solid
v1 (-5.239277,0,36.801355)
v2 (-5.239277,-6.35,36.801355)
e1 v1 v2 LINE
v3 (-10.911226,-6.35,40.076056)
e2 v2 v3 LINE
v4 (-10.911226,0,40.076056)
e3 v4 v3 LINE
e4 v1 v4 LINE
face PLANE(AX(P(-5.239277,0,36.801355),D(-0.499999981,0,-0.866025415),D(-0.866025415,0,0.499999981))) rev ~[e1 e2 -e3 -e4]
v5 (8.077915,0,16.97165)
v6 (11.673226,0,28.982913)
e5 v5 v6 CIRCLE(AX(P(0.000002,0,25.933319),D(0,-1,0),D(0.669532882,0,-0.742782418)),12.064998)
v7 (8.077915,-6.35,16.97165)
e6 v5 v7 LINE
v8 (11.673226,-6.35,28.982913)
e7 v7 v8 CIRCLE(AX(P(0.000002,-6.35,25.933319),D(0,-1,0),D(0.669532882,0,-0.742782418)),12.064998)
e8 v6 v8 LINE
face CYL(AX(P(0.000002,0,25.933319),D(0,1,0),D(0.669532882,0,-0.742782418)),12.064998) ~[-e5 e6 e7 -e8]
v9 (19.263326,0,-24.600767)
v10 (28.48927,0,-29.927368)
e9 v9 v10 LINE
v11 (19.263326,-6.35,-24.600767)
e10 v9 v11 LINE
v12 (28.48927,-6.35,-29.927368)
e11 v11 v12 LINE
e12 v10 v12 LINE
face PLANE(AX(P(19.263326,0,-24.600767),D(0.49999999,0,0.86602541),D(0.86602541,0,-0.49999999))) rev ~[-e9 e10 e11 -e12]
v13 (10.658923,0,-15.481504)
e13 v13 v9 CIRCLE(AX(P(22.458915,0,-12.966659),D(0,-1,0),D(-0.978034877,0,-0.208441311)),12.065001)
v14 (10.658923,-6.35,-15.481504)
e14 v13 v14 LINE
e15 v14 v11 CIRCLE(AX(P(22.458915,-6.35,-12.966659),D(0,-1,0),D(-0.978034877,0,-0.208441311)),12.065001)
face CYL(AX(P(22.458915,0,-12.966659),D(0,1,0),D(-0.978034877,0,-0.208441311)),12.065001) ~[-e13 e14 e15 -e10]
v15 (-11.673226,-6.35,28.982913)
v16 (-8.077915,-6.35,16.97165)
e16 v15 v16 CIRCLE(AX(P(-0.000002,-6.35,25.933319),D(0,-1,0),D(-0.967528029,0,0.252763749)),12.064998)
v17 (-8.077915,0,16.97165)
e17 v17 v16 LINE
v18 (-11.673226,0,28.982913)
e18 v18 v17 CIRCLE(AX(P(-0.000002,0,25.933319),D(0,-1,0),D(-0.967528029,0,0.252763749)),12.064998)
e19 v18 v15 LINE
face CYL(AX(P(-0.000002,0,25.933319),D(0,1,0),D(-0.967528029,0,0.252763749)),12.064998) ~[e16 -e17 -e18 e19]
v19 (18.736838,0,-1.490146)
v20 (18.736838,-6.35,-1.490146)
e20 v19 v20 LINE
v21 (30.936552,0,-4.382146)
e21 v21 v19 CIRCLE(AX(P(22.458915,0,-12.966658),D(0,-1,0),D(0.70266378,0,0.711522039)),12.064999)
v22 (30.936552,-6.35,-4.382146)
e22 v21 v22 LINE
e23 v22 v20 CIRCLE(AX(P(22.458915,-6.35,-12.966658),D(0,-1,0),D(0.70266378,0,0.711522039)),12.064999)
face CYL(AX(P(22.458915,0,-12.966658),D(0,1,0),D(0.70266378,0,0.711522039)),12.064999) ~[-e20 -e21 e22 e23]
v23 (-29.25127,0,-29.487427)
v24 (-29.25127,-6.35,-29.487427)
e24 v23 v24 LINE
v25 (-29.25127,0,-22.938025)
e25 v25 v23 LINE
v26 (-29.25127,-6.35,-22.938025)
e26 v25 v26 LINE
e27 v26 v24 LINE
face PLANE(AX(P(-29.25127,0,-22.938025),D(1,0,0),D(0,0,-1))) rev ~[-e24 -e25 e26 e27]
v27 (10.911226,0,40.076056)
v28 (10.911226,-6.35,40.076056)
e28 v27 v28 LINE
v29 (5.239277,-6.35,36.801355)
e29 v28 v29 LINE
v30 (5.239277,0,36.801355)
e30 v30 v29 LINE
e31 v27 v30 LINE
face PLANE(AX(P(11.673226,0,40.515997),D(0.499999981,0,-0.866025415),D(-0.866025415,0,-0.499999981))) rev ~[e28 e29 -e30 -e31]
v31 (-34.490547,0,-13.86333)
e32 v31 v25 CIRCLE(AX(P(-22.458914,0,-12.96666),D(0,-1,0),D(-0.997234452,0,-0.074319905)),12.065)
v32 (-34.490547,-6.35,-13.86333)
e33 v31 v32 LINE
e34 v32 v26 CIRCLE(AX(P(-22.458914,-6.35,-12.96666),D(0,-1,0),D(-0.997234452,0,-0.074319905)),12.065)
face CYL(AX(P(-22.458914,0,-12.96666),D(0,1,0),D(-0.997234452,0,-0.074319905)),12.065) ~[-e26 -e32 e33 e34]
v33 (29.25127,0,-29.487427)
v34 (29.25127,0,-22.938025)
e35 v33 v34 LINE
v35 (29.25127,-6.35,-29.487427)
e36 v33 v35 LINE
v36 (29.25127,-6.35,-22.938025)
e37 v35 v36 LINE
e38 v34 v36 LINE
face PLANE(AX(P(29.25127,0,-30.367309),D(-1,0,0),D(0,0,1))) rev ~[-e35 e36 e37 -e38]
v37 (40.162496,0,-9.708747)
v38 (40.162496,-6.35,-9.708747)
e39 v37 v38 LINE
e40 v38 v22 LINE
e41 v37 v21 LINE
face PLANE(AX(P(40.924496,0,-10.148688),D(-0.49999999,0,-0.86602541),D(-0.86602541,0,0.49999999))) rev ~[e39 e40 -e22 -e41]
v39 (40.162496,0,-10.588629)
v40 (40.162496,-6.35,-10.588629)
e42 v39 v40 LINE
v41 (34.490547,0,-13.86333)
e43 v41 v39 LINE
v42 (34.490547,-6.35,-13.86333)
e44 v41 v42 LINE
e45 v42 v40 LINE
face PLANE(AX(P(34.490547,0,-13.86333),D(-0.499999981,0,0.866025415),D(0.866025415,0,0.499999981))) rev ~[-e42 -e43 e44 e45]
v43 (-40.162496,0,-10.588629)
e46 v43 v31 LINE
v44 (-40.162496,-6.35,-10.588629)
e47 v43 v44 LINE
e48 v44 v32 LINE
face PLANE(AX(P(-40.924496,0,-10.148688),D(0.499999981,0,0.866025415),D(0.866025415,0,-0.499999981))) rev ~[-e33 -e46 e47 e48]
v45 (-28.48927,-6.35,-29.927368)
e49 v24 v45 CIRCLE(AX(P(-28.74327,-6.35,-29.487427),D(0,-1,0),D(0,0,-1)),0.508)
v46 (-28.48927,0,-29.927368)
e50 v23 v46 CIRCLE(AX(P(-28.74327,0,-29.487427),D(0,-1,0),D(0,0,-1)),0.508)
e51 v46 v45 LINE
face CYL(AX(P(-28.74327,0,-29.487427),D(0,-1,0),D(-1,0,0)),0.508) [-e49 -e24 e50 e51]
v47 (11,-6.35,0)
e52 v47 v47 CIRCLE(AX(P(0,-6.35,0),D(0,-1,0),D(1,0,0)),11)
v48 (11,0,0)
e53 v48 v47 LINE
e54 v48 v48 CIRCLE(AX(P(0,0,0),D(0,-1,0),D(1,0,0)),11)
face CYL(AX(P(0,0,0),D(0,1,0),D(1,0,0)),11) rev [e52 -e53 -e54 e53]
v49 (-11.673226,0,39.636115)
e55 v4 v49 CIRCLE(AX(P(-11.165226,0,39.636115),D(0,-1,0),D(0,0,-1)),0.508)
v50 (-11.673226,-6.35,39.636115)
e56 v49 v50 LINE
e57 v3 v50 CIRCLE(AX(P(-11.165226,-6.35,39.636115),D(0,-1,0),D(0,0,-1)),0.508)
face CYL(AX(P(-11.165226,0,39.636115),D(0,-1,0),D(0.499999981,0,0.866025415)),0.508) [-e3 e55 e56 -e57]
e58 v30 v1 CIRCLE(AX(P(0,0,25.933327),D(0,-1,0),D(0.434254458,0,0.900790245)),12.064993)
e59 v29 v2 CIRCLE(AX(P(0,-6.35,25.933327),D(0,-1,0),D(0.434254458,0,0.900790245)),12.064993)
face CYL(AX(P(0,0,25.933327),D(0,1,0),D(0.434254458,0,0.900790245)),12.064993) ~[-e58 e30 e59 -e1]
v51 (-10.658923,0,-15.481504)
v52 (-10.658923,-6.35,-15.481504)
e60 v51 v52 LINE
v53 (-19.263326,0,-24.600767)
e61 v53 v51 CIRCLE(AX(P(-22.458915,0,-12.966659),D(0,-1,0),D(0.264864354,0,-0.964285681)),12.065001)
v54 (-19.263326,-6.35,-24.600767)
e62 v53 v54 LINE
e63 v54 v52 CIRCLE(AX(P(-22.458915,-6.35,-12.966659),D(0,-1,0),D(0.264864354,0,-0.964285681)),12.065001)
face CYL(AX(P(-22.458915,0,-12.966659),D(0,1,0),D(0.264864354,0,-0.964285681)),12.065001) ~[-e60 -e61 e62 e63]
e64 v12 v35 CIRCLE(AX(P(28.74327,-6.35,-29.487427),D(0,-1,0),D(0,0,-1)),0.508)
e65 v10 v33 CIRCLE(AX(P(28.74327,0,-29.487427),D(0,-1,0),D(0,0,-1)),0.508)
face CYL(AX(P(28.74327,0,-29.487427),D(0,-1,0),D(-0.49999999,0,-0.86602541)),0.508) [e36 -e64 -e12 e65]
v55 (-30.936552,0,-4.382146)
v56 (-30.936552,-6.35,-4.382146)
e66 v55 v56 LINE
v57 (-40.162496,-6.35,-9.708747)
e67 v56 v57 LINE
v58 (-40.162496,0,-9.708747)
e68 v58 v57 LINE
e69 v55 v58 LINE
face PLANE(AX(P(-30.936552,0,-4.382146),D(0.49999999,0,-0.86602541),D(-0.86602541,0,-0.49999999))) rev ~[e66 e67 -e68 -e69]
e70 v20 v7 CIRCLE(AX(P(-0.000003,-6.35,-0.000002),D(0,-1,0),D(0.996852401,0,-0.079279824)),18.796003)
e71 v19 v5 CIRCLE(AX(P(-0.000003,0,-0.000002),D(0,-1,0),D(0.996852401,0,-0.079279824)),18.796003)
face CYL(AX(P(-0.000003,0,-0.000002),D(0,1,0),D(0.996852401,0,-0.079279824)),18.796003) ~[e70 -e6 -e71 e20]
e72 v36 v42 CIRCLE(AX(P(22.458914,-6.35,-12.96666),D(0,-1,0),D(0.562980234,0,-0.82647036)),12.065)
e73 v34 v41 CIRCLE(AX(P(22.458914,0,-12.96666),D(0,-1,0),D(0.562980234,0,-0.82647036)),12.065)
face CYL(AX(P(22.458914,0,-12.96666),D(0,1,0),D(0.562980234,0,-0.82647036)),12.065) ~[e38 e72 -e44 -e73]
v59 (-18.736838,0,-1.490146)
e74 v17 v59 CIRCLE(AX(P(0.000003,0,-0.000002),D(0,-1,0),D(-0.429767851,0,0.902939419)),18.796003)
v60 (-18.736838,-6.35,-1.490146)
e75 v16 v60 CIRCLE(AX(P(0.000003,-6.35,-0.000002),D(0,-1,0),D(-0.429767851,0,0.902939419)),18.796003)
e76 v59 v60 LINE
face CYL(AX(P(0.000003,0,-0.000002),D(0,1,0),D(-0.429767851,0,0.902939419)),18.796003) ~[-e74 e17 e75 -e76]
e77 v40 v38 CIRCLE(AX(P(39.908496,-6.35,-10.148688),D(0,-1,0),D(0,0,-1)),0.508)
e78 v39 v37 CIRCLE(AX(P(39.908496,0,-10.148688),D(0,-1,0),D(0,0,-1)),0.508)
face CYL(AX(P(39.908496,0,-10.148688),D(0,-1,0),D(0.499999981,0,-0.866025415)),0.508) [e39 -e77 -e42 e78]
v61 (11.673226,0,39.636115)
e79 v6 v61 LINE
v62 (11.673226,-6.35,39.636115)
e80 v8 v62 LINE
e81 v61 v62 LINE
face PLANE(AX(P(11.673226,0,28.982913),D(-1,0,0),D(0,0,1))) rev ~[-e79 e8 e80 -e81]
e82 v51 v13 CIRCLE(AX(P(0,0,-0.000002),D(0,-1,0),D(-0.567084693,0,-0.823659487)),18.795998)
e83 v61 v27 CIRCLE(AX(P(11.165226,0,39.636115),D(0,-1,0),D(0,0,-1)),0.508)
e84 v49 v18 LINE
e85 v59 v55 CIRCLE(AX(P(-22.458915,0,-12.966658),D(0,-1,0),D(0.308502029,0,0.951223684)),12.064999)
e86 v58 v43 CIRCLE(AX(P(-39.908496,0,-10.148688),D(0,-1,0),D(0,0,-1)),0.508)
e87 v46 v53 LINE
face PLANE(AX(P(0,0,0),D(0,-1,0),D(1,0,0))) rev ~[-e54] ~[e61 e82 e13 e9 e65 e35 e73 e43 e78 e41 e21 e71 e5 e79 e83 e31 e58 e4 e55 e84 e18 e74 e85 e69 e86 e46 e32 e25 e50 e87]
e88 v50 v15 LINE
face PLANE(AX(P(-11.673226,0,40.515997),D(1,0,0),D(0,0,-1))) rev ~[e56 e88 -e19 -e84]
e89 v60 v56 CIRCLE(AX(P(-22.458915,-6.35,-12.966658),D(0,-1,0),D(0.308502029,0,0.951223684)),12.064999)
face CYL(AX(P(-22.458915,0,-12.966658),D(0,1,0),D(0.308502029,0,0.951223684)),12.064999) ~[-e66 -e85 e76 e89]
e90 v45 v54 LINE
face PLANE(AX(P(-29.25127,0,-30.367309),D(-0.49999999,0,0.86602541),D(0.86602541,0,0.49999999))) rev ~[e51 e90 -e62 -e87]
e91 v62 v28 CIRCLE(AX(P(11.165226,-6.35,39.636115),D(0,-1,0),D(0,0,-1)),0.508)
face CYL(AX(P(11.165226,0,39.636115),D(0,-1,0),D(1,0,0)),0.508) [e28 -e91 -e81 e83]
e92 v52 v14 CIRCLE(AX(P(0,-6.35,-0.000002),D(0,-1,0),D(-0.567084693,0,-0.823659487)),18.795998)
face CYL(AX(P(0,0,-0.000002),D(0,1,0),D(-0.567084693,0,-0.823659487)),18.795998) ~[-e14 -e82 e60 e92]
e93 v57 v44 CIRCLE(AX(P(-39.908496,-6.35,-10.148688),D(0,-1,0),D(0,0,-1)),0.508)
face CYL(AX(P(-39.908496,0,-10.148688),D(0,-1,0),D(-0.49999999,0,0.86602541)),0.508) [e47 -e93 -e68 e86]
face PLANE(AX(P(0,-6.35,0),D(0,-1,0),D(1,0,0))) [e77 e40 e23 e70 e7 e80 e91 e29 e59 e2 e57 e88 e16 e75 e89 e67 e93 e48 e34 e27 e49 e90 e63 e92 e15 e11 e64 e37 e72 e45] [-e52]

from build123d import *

# Parameters (mm, degrees)
F0_R     = 11
F1_DEPTH = 6.35
F2_R     = 0.508


with BuildPart() as f1:
    # F0 (on Front) → F1 (new body)
    with BuildSketch(Plane.XZ):
        with BuildLine():
            ThreePointArc((30.936552, -4.382146), (25.241854, -1.227006), (18.736838, -1.490146))
            ThreePointArc((18.736838, -1.490146), (16.277813, 9.398), (8.077915, 16.97165))
            ThreePointArc((8.077915, 16.97165), (11.558309, 22.47359), (11.673226, 28.982913))
            ThreePointArc((11.673226, 28.982913), (9.316126, 33.599741), (5.239277, 36.801355))
            ThreePointArc((5.239277, 36.801355), (0, 37.99832), (-5.239277, 36.801355))
            ThreePointArc((-5.239277, 36.801355), (-9.316126, 33.599741), (-11.673226, 28.982913))
            ThreePointArc((-11.673226, 28.982913), (-11.558309, 22.47359), (-8.077915, 16.97165))
            ThreePointArc((-8.077915, 16.97165), (-16.277813, 9.398), (-18.736838, -1.490146))
            ThreePointArc((-18.736838, -1.490146), (-25.241854, -1.227006), (-30.936552, -4.382146))
            ThreePointArc((-30.936552, -4.382146), (-33.756293, -8.731869), (-34.490547, -13.86333))
            ThreePointArc((-34.490547, -13.86333), (-32.90751, -18.99916), (-29.25127, -22.938025))
            ThreePointArc((-29.25127, -22.938025), (-24.440167, -24.867872), (-19.263326, -24.600767))
            ThreePointArc((-19.263326, -24.600767), (-13.683546, -21.246584), (-10.658923, -15.481504))
            ThreePointArc((-10.658923, -15.481504), (0, -18.796), (10.658923, -15.481504))
            ThreePointArc((10.658923, -15.481504), (13.683546, -21.246584), (19.263326, -24.600767))
            ThreePointArc((19.263326, -24.600767), (24.440167, -24.867872), (29.25127, -22.938025))
            ThreePointArc((29.25127, -22.938025), (32.90751, -18.99916), (34.490547, -13.86333))
            ThreePointArc((34.490547, -13.86333), (33.756293, -8.731869), (30.936552, -4.382146))
        make_face()
        Circle(F0_R, mode=Mode.SUBTRACT)
        with BuildLine():
            Line((40.924496, -10.148688), (30.936552, -4.382146))
            ThreePointArc((30.936552, -4.382146), (33.756293, -8.731869), (34.490547, -13.86333))
            Line((34.490547, -13.86333), (40.924496, -10.148688))
        make_face()
        with BuildLine():
            ThreePointArc((5.239277, 36.801355), (9.316126, 33.599741), (11.673226, 28.982913))
            Line((11.673226, 28.982913), (11.673226, 40.515997))
            Line((11.673226, 40.515997), (5.239277, 36.801355))
        make_face()
        with BuildLine():
            Line((29.25127, -30.367309), (29.25127, -22.938025))
            ThreePointArc((29.25127, -22.938025), (24.440167, -24.867872), (19.263326, -24.600767))
            Line((19.263326, -24.600767), (29.25127, -30.367309))
        make_face()
        with BuildLine():
            ThreePointArc((-11.673226, 28.982913), (-9.316126, 33.599741), (-5.239277, 36.801355))
            Line((-5.239277, 36.801355), (-11.673226, 40.515997))
            Line((-11.673226, 40.515997), (-11.673226, 28.982913))
        make_face()
        with BuildLine():
            Line((-29.25127, -30.367309), (-19.263326, -24.600767))
            ThreePointArc((-19.263326, -24.600767), (-24.440167, -24.867872), (-29.25127, -22.938025))
            Line((-29.25127, -22.938025), (-29.25127, -30.367309))
        make_face()
        with BuildLine():
            ThreePointArc((-34.490547, -13.86333), (-33.756293, -8.731869), (-30.936552, -4.382146))
            Line((-30.936552, -4.382146), (-40.924496, -10.148688))
            Line((-40.924496, -10.148688), (-34.490547, -13.86333))
        make_face()
    extrude(amount=F1_DEPTH)

    # F2
    f2_edges = [f1.edges().sort_by_distance(p)[0] for p in [
        (-11.673226, -3.175, 40.515997),
        (11.673226, -3.175, 40.515997),
        (40.924496, -3.175, -10.148688),
        (29.25127, -3.175, -30.367309),
        (-29.25127, -3.175, -30.367309),
        (-40.924496, -3.175, -10.148688),
    ]]
    fillet(f2_edges, radius=F2_R)


solid = f1.part
